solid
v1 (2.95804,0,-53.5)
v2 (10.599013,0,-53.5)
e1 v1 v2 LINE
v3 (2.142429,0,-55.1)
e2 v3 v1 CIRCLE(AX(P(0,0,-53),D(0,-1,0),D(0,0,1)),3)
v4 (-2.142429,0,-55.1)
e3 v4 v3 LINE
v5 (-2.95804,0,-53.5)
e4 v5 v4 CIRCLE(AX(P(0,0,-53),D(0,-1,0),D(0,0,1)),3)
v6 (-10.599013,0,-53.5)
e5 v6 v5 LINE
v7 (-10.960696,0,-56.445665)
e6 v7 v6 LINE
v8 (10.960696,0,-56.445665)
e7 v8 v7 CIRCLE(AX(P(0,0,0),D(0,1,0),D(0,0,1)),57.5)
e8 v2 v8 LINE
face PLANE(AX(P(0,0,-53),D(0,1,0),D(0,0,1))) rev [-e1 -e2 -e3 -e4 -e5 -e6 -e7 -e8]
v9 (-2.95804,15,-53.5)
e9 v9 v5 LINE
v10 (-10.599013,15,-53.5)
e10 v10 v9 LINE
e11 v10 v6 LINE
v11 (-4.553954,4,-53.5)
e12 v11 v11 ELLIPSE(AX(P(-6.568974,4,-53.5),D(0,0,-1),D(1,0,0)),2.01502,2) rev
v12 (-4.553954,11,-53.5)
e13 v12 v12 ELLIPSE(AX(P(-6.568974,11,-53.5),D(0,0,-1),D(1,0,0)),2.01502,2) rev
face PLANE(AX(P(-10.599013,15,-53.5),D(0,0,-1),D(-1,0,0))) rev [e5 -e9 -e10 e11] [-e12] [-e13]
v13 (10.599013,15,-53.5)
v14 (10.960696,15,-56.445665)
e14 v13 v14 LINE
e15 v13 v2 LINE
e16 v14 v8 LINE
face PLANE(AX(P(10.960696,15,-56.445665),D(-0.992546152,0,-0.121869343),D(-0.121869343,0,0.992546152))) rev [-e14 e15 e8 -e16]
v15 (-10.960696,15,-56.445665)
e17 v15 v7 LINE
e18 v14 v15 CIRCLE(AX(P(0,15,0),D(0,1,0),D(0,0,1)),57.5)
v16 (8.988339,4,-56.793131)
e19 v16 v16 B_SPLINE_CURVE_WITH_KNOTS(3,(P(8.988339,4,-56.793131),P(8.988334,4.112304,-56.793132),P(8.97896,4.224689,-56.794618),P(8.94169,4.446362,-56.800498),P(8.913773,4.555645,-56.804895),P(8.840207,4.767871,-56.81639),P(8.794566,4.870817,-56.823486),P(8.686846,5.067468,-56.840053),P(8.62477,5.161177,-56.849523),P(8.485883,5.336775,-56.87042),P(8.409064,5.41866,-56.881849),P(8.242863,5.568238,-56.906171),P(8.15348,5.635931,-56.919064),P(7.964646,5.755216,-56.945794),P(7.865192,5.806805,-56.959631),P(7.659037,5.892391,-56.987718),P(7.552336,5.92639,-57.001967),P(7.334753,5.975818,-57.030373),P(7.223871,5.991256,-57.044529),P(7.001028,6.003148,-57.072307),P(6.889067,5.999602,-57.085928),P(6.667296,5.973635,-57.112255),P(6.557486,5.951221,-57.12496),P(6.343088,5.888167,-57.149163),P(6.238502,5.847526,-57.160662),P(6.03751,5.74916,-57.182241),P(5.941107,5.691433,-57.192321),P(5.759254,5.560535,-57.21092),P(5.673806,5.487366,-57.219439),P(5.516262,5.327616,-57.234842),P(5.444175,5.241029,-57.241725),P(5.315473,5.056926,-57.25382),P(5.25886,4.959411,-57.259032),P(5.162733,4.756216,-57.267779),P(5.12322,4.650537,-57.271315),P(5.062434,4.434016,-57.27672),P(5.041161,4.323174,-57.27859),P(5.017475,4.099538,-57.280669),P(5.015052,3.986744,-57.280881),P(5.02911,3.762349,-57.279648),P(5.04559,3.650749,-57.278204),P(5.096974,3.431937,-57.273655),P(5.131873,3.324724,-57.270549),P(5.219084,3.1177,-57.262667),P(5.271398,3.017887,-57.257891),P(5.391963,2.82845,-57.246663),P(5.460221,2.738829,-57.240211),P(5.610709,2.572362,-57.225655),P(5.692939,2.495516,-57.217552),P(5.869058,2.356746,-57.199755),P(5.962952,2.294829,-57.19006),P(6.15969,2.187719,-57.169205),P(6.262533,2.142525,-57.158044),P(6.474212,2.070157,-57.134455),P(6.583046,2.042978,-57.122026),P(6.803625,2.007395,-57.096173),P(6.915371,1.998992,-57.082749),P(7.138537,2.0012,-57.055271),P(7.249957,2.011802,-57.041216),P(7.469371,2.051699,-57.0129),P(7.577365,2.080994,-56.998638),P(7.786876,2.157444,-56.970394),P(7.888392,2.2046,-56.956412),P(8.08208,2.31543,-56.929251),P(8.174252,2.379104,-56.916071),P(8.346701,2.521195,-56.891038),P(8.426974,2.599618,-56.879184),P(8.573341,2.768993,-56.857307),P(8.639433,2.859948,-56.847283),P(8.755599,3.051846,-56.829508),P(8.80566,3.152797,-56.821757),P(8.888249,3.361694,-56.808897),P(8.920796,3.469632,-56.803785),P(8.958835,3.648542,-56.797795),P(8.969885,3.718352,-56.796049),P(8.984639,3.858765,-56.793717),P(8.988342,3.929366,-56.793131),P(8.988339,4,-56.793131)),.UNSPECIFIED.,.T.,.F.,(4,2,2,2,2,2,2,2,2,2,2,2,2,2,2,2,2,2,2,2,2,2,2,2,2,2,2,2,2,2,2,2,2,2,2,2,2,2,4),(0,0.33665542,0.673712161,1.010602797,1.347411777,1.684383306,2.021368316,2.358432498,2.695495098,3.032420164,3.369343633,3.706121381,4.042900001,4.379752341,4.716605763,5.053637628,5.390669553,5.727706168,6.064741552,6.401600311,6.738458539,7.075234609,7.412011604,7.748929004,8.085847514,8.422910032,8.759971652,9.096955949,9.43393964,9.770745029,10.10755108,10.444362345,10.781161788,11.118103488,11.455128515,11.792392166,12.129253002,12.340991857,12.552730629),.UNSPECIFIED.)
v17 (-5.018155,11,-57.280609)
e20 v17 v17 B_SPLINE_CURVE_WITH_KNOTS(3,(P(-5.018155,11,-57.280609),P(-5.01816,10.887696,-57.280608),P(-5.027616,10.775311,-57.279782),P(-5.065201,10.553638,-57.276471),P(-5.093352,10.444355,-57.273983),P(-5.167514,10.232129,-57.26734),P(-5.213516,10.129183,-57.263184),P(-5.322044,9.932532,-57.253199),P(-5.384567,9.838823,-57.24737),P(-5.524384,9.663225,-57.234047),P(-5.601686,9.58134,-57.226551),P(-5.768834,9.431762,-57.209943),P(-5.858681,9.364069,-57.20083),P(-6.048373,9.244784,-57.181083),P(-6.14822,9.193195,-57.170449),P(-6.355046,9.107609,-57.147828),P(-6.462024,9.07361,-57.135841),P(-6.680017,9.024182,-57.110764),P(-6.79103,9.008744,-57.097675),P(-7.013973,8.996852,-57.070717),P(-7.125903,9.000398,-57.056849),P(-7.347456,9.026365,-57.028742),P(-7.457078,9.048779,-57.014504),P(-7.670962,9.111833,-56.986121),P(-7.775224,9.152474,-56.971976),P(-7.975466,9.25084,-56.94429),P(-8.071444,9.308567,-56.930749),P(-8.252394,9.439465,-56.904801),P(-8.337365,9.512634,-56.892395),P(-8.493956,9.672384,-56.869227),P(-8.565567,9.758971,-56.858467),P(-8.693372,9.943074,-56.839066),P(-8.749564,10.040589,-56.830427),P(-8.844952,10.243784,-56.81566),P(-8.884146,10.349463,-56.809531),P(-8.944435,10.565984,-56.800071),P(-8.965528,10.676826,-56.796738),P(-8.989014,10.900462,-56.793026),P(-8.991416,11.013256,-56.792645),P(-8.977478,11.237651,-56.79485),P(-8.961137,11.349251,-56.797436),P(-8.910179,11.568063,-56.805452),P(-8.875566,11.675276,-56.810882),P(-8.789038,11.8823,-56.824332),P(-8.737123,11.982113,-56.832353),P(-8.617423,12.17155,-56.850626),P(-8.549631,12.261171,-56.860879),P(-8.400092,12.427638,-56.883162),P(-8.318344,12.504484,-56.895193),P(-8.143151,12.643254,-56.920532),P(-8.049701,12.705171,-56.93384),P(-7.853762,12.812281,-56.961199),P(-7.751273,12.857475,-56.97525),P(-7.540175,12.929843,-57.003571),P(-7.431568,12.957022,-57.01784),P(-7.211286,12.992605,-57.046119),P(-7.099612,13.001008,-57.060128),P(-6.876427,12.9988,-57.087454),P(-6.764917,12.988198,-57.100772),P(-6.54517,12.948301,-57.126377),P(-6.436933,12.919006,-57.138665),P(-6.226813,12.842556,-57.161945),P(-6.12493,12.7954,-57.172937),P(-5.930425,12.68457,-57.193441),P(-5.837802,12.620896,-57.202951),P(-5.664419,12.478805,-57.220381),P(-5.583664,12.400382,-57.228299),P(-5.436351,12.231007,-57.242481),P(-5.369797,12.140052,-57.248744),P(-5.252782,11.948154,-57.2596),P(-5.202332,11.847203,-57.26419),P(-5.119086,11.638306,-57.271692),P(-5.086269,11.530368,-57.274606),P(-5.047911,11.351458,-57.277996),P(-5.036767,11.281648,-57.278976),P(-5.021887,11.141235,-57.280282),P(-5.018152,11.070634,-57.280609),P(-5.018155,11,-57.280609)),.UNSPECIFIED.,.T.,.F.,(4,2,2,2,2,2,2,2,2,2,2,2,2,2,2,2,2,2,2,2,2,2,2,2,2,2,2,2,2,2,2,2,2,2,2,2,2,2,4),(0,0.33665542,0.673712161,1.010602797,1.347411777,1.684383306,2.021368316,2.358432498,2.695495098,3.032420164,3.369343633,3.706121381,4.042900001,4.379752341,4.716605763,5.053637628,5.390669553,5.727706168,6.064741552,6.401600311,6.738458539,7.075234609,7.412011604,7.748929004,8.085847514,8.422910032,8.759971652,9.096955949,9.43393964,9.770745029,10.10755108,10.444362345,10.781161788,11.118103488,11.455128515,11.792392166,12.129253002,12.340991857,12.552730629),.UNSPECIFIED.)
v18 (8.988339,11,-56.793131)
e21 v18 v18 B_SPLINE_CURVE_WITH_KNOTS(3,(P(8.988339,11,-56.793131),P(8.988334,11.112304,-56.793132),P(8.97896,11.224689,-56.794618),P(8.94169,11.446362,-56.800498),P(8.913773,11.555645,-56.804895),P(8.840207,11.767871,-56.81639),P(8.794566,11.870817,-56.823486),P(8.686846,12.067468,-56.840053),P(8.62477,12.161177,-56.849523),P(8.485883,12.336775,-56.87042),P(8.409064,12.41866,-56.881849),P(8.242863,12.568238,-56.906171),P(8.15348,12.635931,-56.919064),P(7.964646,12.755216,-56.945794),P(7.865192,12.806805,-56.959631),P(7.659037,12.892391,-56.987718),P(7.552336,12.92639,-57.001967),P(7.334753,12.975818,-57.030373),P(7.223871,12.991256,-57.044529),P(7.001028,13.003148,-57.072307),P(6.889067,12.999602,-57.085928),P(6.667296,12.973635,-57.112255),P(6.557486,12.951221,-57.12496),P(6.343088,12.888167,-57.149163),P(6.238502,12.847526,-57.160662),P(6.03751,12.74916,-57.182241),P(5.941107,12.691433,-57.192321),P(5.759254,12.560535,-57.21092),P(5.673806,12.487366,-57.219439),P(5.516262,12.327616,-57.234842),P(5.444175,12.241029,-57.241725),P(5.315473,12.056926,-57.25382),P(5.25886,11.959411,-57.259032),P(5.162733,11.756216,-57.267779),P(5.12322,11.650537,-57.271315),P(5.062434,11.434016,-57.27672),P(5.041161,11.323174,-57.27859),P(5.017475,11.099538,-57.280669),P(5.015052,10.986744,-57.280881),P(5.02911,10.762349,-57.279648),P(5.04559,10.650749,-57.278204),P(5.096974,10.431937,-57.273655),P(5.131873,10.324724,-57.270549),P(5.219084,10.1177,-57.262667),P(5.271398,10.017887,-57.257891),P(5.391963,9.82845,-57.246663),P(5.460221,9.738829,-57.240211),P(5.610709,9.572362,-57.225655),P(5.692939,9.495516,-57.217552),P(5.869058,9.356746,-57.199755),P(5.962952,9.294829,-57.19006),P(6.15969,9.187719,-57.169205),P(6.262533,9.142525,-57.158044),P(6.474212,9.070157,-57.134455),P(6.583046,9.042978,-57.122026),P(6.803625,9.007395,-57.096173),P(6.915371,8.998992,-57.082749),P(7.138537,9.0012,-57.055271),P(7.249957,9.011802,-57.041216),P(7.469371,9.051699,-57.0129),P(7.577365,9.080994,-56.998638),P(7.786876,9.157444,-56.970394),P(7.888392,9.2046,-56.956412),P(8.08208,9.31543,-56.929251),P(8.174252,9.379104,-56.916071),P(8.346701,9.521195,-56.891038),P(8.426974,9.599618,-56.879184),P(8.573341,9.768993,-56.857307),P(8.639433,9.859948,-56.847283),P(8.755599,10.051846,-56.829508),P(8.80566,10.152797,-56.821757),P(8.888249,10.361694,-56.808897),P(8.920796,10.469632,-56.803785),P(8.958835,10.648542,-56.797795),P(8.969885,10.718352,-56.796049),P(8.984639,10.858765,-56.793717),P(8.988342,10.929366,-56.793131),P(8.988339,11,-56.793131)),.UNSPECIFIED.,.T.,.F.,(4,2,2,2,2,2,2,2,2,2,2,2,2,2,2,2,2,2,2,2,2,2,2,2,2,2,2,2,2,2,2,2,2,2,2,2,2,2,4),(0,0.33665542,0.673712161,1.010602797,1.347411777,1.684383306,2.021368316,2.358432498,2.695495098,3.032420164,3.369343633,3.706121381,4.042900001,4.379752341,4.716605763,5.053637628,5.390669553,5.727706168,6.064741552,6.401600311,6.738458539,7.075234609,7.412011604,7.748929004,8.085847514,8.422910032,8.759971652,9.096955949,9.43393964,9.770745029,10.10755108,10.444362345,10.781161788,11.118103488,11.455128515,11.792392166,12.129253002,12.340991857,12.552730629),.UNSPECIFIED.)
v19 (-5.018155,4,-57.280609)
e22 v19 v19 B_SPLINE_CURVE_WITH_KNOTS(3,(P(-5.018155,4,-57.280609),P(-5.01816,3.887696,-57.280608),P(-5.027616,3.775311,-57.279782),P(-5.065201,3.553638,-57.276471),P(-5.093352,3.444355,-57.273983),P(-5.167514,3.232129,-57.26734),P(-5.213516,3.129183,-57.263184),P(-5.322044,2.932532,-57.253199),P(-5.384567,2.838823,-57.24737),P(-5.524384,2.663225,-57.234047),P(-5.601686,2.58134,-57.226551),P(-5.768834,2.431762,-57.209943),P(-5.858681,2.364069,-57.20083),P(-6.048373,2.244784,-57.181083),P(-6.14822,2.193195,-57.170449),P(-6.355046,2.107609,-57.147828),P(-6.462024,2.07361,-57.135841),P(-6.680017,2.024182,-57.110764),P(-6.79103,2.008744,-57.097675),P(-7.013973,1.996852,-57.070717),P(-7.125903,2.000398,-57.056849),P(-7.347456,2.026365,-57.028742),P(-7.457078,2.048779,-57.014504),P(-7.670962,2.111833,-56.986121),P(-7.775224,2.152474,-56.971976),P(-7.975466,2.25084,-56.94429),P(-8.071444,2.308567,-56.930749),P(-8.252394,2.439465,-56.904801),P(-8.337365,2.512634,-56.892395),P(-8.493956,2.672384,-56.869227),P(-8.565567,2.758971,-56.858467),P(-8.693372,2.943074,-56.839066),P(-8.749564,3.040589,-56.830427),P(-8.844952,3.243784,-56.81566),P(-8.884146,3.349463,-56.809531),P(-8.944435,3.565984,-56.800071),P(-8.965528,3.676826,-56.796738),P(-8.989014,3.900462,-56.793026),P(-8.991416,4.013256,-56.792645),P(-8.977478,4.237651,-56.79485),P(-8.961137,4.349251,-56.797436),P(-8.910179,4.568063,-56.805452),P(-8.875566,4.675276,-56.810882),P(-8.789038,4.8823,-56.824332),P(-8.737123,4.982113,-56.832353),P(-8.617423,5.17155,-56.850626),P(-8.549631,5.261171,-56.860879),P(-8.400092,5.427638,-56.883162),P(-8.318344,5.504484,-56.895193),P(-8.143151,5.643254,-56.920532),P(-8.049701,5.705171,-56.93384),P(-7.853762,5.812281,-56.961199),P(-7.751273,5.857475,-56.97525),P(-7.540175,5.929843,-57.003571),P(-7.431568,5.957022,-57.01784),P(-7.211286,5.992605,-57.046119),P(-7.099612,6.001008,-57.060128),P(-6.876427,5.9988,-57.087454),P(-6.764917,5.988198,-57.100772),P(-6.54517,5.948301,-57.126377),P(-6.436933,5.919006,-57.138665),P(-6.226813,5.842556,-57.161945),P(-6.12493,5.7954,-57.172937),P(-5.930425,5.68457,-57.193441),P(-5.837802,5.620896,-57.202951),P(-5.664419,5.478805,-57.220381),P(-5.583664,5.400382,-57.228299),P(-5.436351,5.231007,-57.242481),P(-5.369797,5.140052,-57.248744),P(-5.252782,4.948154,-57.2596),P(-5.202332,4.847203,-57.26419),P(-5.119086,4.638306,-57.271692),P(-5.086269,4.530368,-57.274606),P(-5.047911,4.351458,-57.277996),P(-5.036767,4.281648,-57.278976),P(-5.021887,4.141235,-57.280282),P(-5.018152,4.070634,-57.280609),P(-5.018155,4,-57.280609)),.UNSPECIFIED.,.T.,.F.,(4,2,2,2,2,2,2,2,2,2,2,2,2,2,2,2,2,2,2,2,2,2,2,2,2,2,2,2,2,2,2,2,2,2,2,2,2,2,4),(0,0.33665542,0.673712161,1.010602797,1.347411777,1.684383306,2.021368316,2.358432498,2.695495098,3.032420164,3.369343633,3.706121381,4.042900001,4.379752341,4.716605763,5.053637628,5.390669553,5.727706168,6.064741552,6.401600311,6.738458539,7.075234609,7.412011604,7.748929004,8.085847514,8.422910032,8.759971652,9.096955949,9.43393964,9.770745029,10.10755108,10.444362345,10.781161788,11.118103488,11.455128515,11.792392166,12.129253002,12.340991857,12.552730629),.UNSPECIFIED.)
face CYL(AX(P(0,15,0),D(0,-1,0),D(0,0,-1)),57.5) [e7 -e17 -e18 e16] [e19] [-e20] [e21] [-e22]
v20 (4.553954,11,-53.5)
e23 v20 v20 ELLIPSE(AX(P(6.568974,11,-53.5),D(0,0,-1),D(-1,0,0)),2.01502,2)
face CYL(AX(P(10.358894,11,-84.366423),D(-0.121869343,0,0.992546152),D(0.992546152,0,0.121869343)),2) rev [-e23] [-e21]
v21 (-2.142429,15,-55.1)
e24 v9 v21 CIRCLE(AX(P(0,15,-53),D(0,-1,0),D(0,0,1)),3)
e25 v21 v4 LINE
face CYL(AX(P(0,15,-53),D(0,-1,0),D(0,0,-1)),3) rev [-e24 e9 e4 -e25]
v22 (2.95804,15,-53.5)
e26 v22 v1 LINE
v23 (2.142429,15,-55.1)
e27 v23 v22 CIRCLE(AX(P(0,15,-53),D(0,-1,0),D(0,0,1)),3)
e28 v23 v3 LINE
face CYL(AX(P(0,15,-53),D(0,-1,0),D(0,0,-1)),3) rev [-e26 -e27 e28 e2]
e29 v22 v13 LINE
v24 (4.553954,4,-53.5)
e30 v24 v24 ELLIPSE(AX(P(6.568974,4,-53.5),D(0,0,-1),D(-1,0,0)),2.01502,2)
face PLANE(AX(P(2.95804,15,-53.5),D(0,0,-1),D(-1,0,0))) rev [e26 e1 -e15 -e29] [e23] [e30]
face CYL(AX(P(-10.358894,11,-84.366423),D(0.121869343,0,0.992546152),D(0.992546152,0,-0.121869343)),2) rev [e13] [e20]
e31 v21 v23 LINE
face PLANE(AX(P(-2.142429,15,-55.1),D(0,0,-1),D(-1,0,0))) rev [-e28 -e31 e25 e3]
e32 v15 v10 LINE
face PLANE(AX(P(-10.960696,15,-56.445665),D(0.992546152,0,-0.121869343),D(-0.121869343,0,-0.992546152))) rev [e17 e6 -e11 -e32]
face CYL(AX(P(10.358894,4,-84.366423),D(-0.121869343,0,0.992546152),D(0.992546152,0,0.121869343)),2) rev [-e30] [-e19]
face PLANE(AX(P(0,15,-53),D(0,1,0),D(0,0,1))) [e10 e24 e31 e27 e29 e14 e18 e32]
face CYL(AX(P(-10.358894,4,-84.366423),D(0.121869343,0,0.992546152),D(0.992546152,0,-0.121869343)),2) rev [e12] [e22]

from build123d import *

# Parameters (mm, degrees)
EXTRUDE_1_DEPTH     = 15
SKETCH_5_R          = 2
CUT_EXTRUDE_6_DEPTH = 85
SKETCH_6_R          = 2
CUT_EXTRUDE_7_DEPTH = 85


with BuildPart() as part:
    # 草图1 → 凸台-拉伸1 (new body)
    with BuildSketch(Plane(origin=(0, 0, 0), x_dir=(1, 0, 0), z_dir=(0, 1, 0))):
        with BuildLine():
            Line((-2.142428529, 55.1), (2.142428529, 55.1))
            ThreePointArc((2.142428529, 55.1), (2.672769075, 54.362463017), (2.958039892, 53.5))
            Line((2.958039892, 53.5), (10.59901331, 53.5))
            Line((10.59901331, 53.5), (10.960695554, 56.445665493))
            ThreePointArc((10.960695554, 56.445665493), (0, 57.5), (-10.960695554, 56.445665493))
            Line((-10.960695554, 56.445665493), (-10.59901331, 53.5))
            Line((-10.59901331, 53.5), (-2.958039892, 53.5))
            ThreePointArc((-2.958039892, 53.5), (-2.672769075, 54.362463017), (-2.142428529, 55.1))
        make_face()
    extrude(amount=EXTRUDE_1_DEPTH)

    # 草图5 → 切除-拉伸6 (cut)
    with BuildSketch(Plane(origin=(0, 0, 0), x_dir=(-0.9925461516413212, 0, 0.12186934340515458), z_dir=(-0.12186934340515458, 0, -0.9925461516413212))):
        with Locations(Location((0, 11, 0), (0, 0, 180))):
            Circle(SKETCH_5_R)
        with Locations(Location((0, 4, 0), (0, 0, 180))):
            Circle(SKETCH_5_R)
    extrude(amount=CUT_EXTRUDE_6_DEPTH, mode=Mode.SUBTRACT)

    # 草图6 → 切除-拉伸7 (cut)
    with BuildSketch(Plane(origin=(0, 0, 0), x_dir=(0.992546151641322, 0, 0.12186934340514766), z_dir=(-0.12186934340514766, 0, 0.992546151641322))):
        with Locations((0, 11)):
            Circle(SKETCH_6_R)
        with Locations((0, 4)):
            Circle(SKETCH_6_R)
    extrude(amount=-CUT_EXTRUDE_7_DEPTH, mode=Mode.SUBTRACT)


solid = part.part
